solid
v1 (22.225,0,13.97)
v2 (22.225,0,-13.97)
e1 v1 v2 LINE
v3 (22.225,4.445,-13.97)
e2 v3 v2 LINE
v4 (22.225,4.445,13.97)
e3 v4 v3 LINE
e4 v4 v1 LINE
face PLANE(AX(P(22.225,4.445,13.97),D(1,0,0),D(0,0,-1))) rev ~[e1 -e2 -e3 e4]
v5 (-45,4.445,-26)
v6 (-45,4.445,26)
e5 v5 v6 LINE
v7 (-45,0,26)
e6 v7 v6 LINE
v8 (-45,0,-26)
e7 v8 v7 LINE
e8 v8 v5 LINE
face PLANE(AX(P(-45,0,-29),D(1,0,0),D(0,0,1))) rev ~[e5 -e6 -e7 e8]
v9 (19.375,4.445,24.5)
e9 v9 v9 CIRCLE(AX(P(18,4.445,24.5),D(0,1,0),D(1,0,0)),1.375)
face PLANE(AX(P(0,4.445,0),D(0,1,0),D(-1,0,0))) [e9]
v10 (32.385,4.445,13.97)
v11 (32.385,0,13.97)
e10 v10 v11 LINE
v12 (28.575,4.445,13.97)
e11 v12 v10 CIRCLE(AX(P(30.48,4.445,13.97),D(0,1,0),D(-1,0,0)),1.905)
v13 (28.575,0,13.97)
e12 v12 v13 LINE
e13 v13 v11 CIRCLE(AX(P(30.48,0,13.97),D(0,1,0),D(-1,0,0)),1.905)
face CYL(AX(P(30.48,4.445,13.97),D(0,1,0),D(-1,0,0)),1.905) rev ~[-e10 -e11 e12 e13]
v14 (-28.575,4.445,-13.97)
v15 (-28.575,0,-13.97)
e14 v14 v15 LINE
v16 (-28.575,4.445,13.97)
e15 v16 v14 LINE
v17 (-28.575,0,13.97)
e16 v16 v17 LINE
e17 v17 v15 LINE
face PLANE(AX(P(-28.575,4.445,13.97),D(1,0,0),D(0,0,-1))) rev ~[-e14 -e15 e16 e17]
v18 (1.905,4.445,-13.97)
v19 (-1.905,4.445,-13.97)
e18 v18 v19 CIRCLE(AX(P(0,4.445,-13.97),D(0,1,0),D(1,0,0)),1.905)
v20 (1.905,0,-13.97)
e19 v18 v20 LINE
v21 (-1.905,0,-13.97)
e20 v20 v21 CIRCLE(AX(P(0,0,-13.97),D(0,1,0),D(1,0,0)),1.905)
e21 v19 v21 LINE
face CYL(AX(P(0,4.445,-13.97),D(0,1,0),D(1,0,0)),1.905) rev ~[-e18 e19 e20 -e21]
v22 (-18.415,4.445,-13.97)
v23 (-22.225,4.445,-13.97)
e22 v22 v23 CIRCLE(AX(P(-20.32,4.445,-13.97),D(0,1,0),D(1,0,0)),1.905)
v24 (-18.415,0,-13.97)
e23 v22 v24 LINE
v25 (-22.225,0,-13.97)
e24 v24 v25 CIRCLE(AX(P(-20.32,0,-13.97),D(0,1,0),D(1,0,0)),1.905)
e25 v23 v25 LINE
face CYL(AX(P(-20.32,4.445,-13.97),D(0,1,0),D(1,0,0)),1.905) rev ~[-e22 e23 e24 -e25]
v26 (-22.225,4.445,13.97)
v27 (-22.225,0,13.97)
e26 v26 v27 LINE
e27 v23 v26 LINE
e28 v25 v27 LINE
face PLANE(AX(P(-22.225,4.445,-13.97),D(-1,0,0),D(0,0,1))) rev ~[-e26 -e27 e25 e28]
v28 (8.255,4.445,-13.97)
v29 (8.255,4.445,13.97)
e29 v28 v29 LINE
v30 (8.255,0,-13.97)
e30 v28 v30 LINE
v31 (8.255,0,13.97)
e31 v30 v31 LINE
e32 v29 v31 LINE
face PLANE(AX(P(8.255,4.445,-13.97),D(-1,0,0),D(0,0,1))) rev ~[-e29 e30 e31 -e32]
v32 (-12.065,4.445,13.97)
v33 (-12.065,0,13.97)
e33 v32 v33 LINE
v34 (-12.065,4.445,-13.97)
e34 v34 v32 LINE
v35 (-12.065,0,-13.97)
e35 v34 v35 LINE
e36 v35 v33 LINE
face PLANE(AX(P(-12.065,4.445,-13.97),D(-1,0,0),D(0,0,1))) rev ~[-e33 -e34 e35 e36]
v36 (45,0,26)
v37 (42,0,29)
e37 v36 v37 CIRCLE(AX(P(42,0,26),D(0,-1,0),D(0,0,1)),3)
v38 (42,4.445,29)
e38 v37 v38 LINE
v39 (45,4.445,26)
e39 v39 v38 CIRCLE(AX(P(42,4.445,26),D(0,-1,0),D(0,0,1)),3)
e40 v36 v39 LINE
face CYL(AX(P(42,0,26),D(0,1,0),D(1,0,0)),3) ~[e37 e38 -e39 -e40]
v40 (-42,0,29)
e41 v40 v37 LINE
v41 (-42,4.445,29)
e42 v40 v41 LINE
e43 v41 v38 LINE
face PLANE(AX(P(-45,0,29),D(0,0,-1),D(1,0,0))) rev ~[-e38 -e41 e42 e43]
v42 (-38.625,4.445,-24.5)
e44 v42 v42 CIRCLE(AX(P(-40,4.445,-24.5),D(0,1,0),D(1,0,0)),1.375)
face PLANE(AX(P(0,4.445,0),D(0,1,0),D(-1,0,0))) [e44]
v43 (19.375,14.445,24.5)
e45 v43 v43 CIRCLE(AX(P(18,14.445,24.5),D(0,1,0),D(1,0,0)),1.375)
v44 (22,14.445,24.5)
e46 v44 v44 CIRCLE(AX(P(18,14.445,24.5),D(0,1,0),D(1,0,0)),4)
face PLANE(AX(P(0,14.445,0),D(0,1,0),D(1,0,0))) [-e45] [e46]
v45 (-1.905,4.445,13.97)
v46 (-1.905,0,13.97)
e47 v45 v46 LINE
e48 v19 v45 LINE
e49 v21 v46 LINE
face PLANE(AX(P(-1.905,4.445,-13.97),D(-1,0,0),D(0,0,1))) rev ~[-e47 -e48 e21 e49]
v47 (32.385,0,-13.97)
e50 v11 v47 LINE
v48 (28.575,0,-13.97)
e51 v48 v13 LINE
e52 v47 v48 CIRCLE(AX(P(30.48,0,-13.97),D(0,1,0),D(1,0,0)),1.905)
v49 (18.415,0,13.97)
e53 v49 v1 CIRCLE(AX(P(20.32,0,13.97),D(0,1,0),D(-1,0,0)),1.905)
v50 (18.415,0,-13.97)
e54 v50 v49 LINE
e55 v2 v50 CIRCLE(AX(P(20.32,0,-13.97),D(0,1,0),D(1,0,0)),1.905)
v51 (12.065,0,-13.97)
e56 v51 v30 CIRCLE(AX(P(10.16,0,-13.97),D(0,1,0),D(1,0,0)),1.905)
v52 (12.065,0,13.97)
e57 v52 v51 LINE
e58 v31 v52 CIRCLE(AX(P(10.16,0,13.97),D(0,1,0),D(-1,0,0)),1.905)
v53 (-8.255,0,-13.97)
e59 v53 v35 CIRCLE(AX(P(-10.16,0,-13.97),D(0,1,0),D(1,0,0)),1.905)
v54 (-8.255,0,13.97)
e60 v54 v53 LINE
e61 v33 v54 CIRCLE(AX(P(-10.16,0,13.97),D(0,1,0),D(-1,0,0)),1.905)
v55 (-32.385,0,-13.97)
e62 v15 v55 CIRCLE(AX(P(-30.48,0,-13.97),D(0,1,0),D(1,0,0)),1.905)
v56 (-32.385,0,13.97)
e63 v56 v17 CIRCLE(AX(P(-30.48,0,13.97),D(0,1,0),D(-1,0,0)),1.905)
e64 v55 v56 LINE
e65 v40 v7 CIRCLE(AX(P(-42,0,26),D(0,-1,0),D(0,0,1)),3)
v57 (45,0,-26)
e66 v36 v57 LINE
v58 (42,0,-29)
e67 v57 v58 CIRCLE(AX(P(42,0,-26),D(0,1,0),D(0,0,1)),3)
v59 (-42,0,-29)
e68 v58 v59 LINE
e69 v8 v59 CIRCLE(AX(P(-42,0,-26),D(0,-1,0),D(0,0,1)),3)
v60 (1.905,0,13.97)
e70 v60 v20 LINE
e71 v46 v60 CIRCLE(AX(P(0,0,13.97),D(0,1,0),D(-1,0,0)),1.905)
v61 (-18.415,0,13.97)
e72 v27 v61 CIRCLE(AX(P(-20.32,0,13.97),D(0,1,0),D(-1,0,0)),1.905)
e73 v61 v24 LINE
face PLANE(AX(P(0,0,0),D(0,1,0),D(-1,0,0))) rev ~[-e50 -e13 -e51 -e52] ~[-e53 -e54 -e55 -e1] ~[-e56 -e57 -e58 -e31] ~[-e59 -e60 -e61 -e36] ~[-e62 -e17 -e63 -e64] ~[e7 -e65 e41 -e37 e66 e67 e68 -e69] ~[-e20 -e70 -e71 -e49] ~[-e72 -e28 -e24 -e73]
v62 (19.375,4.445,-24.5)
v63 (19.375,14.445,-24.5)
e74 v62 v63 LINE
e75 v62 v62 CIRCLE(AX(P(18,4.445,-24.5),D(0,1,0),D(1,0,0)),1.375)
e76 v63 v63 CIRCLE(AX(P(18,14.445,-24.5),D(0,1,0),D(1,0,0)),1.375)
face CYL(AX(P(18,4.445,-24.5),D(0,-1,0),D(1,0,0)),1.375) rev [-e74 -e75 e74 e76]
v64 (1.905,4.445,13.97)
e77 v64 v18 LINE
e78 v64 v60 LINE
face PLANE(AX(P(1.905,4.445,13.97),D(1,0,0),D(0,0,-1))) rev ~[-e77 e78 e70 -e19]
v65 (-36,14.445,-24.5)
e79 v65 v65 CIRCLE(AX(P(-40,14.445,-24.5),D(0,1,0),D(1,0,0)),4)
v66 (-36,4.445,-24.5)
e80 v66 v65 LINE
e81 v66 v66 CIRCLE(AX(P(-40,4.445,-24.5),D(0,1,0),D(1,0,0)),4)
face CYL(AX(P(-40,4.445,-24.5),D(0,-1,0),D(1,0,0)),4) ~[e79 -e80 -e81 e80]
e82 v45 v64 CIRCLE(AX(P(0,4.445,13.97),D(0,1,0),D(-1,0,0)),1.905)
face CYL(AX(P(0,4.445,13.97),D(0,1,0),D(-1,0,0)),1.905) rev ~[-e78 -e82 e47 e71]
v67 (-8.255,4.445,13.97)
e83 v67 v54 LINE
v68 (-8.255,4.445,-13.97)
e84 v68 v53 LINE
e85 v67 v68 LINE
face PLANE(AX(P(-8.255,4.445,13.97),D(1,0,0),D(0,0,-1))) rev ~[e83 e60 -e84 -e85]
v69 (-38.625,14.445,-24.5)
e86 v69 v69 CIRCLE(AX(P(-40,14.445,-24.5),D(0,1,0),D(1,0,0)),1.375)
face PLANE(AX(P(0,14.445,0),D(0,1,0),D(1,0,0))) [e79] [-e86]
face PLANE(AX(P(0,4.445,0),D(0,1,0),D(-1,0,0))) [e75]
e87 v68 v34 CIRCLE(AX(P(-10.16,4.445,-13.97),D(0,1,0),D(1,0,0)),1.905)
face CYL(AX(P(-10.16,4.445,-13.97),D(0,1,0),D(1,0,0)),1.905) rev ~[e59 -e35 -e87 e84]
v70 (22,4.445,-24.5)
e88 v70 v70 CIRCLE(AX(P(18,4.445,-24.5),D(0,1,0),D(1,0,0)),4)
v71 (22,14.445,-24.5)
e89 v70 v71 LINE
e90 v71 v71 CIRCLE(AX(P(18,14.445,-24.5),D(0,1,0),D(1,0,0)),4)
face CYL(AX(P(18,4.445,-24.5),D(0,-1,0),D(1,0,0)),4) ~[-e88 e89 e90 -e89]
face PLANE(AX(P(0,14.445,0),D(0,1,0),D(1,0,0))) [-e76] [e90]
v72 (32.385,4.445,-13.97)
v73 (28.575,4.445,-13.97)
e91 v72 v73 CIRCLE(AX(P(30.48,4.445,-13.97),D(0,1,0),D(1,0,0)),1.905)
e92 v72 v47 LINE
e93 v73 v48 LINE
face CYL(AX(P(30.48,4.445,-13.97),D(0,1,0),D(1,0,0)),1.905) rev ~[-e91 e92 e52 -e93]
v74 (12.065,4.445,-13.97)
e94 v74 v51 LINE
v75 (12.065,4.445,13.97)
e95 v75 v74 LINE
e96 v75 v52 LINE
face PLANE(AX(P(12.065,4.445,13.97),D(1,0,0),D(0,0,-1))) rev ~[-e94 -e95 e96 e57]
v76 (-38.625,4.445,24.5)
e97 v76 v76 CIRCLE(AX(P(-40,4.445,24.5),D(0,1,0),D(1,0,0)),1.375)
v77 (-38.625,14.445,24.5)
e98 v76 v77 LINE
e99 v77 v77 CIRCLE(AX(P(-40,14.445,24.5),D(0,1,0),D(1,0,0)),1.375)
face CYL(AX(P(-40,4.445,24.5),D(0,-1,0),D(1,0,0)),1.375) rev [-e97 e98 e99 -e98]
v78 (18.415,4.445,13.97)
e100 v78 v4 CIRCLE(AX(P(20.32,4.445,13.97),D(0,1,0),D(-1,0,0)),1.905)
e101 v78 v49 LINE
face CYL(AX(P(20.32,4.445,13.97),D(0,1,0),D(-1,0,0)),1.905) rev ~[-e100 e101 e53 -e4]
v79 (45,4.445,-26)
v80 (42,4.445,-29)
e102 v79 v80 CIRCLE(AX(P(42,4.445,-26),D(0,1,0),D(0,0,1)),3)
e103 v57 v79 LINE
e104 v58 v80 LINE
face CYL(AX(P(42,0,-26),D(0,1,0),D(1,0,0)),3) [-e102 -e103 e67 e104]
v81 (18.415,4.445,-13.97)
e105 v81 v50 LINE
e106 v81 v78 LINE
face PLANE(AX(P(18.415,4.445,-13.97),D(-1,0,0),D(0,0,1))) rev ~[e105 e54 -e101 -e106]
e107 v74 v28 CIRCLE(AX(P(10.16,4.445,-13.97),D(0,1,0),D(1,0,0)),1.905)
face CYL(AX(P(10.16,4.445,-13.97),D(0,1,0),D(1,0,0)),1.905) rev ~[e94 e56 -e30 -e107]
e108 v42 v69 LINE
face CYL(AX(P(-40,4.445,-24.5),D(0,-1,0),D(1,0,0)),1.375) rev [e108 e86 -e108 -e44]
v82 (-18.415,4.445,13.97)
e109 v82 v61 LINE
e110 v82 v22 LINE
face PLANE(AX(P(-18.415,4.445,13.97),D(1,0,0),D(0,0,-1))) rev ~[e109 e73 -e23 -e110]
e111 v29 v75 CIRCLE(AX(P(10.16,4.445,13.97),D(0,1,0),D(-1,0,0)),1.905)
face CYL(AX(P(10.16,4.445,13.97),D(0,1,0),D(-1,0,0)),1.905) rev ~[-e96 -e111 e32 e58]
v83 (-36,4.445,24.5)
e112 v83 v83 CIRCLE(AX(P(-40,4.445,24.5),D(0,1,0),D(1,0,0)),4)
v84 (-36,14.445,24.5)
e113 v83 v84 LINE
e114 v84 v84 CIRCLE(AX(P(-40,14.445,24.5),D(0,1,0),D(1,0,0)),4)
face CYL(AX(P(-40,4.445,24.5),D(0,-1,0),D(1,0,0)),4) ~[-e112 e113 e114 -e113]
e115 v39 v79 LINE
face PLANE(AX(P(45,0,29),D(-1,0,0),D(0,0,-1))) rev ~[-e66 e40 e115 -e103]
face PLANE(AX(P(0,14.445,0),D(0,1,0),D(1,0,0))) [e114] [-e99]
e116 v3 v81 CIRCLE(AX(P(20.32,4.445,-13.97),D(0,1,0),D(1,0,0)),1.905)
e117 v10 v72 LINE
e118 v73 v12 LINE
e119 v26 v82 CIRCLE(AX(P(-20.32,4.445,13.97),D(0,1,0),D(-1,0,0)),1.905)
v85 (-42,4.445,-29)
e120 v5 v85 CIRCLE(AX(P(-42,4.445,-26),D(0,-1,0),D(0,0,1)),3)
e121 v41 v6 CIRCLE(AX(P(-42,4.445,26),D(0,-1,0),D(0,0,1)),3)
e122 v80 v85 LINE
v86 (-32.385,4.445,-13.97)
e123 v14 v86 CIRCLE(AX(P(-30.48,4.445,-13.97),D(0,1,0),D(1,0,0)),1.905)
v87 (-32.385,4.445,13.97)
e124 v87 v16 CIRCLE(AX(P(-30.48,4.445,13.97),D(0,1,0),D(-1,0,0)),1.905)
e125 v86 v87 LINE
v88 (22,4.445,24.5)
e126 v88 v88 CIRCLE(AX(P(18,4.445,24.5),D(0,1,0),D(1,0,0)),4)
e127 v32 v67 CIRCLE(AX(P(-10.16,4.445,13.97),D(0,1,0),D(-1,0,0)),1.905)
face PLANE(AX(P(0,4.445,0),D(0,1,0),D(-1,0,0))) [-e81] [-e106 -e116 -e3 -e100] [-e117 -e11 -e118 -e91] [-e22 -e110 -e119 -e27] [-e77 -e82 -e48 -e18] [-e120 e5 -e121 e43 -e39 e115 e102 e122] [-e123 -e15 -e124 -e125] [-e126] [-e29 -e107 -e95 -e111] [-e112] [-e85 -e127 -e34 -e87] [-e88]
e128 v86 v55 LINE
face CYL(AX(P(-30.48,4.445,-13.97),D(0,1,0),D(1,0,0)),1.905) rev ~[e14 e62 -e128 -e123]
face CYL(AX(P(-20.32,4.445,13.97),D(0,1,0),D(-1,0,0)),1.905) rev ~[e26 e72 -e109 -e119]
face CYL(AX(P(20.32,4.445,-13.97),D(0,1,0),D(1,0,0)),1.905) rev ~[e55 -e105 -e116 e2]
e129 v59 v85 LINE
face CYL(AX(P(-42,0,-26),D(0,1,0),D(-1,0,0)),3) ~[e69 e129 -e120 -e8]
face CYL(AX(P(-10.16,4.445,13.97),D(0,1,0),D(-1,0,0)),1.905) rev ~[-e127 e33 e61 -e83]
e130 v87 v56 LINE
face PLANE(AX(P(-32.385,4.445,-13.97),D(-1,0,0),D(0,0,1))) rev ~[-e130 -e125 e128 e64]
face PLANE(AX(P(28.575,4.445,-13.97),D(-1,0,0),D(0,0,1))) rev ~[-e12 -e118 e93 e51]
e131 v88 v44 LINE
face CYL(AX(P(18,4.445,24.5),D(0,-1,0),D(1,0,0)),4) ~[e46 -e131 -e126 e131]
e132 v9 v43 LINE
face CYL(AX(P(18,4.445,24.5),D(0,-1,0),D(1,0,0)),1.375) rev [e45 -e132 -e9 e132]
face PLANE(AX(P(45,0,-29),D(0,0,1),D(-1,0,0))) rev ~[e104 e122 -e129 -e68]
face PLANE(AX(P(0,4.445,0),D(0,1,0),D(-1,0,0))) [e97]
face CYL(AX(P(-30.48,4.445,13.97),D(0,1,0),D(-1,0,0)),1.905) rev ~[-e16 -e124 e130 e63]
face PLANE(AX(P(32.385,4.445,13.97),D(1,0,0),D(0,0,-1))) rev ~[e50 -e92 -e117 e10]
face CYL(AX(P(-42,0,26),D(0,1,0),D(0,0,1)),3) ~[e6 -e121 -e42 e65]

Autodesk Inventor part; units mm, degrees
ref_plane "YZ Plane" through (0, 0, 0) normal (1, 0, 0) x (0, 1, 0)
ref_plane "XZ Plane" through (0, 0, 0) normal (0, 1, 0) x (-1, 0, 0)
ref_plane "XY Plane" through (0, 0, 0) normal (0, 0, 1) x (1, 0, 0)
sketch "Sketch1" plane through (0, 0, 0) normal (0, 1, 0) x (-1, 0, 0)
  line L0 (-45, -29) -> (45, -29)
  line L1 (45, -29) -> (45, 29)
  line L2 (45, 29) -> (-45, 29)
  line L3 (-45, 29) -> (-45, -29)
  line L4 (-45, -29) -> (45, 29) construction
  line L5 (45, -29) -> (-45, 29) construction
  point P0 (0, 0)
  dimension "d0" = 90
  dimension "d1" = 58
extrude "Extrusion1" add sketch "Sketch1" along normal blind 4.445
fillet "Fillet2" radius 3 4 edges at (45, 2.2225, 29) (-45, 2.2225, 29) (45, 2.2225, -29) (-45, 2.2225, -29)
sketch "Sketch4" plane through (0, 4.445, 0) normal (0, 1, 0) x (1, 0, 0)
  line L0 (0, -13.97) -> (0, 13.97) construction
  line L1 (1.905, -13.97) -> (1.905, 13.97)
  line L2 (-1.905, 13.97) -> (-1.905, -13.97)
  arc A0 (-1.905, -13.97) -> (1.905, -13.97) centre (0, -13.97) ccw
  arc A1 (1.905, 13.97) -> (-1.905, 13.97) centre (0, 13.97) ccw
  line L3 (42, 29) -> (-42, 29) construction
  line L4 (0, 29) -> (0, -29) construction
  line L5 (-42, -29) -> (42, -29) construction
  line L6 (45, -26) -> (45, 26) construction
  line L7 (45, 0) -> (-45, 0) construction
  line L8 (-45, 26) -> (-45, -26) construction
  line L9 (-8.255, -13.97) -> (-8.255, 13.97)
  line L10 (-12.065, 13.97) -> (-12.065, -13.97)
  arc A2 (-8.255, 13.97) -> (-12.065, 13.97) centre (-10.16, 13.97) ccw
  arc A3 (-12.065, -13.97) -> (-8.255, -13.97) centre (-10.16, -13.97) ccw
  line L11 (-18.415, -13.97) -> (-18.415, 13.97)
  line L12 (-22.225, 13.97) -> (-22.225, -13.97)
  arc A4 (-18.415, 13.97) -> (-22.225, 13.97) centre (-20.32, 13.97) ccw
  arc A5 (-22.225, -13.97) -> (-18.415, -13.97) centre (-20.32, -13.97) ccw
  line L13 (-28.575, -13.97) -> (-28.575, 13.97)
  line L14 (-32.385, 13.97) -> (-32.385, -13.97)
  arc A6 (-28.575, 13.97) -> (-32.385, 13.97) centre (-30.48, 13.97) ccw
  arc A7 (-32.385, -13.97) -> (-28.575, -13.97) centre (-30.48, -13.97) ccw
  line L15 (12.065, -13.97) -> (12.065, 13.97)
  line L16 (8.255, 13.97) -> (8.255, -13.97)
  arc A8 (12.065, 13.97) -> (8.255, 13.97) centre (10.16, 13.97) ccw
  arc A9 (8.255, -13.97) -> (12.065, -13.97) centre (10.16, -13.97) ccw
  line L17 (1.905, -13.97) -> (1.905, 13.97)
  line L18 (-1.905, 13.97) -> (-1.905, -13.97)
  arc A10 (1.905, 13.97) -> (-1.905, 13.97) centre (0, 13.97) ccw
  arc A11 (-1.905, -13.97) -> (1.905, -13.97) centre (0, -13.97) ccw
  line L19 (-8.255, -13.97) -> (-8.255, 13.97)
  line L20 (-12.065, 13.97) -> (-12.065, -13.97)
  arc A12 (-8.255, 13.97) -> (-12.065, 13.97) centre (-10.16, 13.97) ccw
  arc A13 (-12.065, -13.97) -> (-8.255, -13.97) centre (-10.16, -13.97) ccw
  line L21 (-18.415, -13.97) -> (-18.415, 13.97)
  line L22 (-22.225, 13.97) -> (-22.225, -13.97)
  arc A14 (-18.415, 13.97) -> (-22.225, 13.97) centre (-20.32, 13.97) ccw
  arc A15 (-22.225, -13.97) -> (-18.415, -13.97) centre (-20.32, -13.97) ccw
  line L23 (22.225, -13.97) -> (22.225, 13.97)
  line L24 (18.415, 13.97) -> (18.415, -13.97)
  arc A16 (22.225, 13.97) -> (18.415, 13.97) centre (20.32, 13.97) ccw
  arc A17 (18.415, -13.97) -> (22.225, -13.97) centre (20.32, -13.97) ccw
  line L25 (12.065, -13.97) -> (12.065, 13.97)
  line L26 (8.255, 13.97) -> (8.255, -13.97)
  arc A18 (12.065, 13.97) -> (8.255, 13.97) centre (10.16, 13.97) ccw
  arc A19 (8.255, -13.97) -> (12.065, -13.97) centre (10.16, -13.97) ccw
  line L27 (1.905, -13.97) -> (1.905, 13.97)
  line L28 (-1.905, 13.97) -> (-1.905, -13.97)
  arc A20 (1.905, 13.97) -> (-1.905, 13.97) centre (0, 13.97) ccw
  arc A21 (-1.905, -13.97) -> (1.905, -13.97) centre (0, -13.97) ccw
  line L29 (-8.255, -13.97) -> (-8.255, 13.97)
  line L30 (-12.065, 13.97) -> (-12.065, -13.97)
  arc A22 (-8.255, 13.97) -> (-12.065, 13.97) centre (-10.16, 13.97) ccw
  arc A23 (-12.065, -13.97) -> (-8.255, -13.97) centre (-10.16, -13.97) ccw
  line L31 (32.385, -13.97) -> (32.385, 13.97)
  line L32 (28.575, 13.97) -> (28.575, -13.97)
  arc A24 (32.385, 13.97) -> (28.575, 13.97) centre (30.48, 13.97) ccw
  arc A25 (28.575, -13.97) -> (32.385, -13.97) centre (30.48, -13.97) ccw
  line L33 (22.225, -13.97) -> (22.225, 13.97)
  line L34 (18.415, 13.97) -> (18.415, -13.97)
  arc A26 (22.225, 13.97) -> (18.415, 13.97) centre (20.32, 13.97) ccw
  arc A27 (18.415, -13.97) -> (22.225, -13.97) centre (20.32, -13.97) ccw
  line L35 (12.065, -13.97) -> (12.065, 13.97)
  line L36 (8.255, 13.97) -> (8.255, -13.97)
  arc A28 (12.065, 13.97) -> (8.255, 13.97) centre (10.16, 13.97) ccw
  arc A29 (8.255, -13.97) -> (12.065, -13.97) centre (10.16, -13.97) ccw
  line L37 (1.905, -13.97) -> (1.905, 13.97)
  line L38 (-1.905, 13.97) -> (-1.905, -13.97)
  arc A30 (1.905, 13.97) -> (-1.905, 13.97) centre (0, 13.97) ccw
  arc A31 (-1.905, -13.97) -> (1.905, -13.97) centre (0, -13.97) ccw
  point P0 (0, 0)
  dimension "d18" = 13.97
  dimension "d19" = 3.81
  dimension "d22" = 10.16
  dimension "d25" = 10.16
extrude "Extrusion3" cut sketch "Sketch4" against normal blind 4.445
sketch "Sketch5" plane through (0, 4.445, 0) normal (0, 1, 0) x (1, 0, 0)
  circle A0 centre (-40, 24.5) radius 4
  circle A1 centre (-40, 24.5) radius 1.375
  line L0 (-45, 26) -> (-45, -26) projected
  line L1 (42, 29) -> (-42, 29) projected
  line L2 (-45, 0) -> (45, 0)
  line L3 (45, -26) -> (45, 26) projected
  circle A2 centre (-40, -24.5) radius 4
  circle A3 centre (-40, -24.5) radius 1.375
  circle A4 centre (18, 24.5) radius 4
  circle A5 centre (18, 24.5) radius 1.375
  circle A6 centre (18, -24.5) radius 4
  circle A7 centre (18, -24.5) radius 1.375
  line L4 (-42, -29) -> (42, -29) projected
  point P0 (0, 0)
  dimension "d35" = 8
  dimension "d36" = 2.75
  dimension "d37" = 5
  dimension "d39" = 8
  dimension "d40" = 2.75
  dimension "d41" = 58
  dimension "d43" = 4.5
  dimension "d45" = 8
  dimension "d46" = 2.75
  dimension "d47" = 49
  dimension "d50" = 58
  dimension "d51" = 4.5
extrude "Extrusion4" add sketch "Sketch5" along normal blind 10
properties part number "_3DPrint"
